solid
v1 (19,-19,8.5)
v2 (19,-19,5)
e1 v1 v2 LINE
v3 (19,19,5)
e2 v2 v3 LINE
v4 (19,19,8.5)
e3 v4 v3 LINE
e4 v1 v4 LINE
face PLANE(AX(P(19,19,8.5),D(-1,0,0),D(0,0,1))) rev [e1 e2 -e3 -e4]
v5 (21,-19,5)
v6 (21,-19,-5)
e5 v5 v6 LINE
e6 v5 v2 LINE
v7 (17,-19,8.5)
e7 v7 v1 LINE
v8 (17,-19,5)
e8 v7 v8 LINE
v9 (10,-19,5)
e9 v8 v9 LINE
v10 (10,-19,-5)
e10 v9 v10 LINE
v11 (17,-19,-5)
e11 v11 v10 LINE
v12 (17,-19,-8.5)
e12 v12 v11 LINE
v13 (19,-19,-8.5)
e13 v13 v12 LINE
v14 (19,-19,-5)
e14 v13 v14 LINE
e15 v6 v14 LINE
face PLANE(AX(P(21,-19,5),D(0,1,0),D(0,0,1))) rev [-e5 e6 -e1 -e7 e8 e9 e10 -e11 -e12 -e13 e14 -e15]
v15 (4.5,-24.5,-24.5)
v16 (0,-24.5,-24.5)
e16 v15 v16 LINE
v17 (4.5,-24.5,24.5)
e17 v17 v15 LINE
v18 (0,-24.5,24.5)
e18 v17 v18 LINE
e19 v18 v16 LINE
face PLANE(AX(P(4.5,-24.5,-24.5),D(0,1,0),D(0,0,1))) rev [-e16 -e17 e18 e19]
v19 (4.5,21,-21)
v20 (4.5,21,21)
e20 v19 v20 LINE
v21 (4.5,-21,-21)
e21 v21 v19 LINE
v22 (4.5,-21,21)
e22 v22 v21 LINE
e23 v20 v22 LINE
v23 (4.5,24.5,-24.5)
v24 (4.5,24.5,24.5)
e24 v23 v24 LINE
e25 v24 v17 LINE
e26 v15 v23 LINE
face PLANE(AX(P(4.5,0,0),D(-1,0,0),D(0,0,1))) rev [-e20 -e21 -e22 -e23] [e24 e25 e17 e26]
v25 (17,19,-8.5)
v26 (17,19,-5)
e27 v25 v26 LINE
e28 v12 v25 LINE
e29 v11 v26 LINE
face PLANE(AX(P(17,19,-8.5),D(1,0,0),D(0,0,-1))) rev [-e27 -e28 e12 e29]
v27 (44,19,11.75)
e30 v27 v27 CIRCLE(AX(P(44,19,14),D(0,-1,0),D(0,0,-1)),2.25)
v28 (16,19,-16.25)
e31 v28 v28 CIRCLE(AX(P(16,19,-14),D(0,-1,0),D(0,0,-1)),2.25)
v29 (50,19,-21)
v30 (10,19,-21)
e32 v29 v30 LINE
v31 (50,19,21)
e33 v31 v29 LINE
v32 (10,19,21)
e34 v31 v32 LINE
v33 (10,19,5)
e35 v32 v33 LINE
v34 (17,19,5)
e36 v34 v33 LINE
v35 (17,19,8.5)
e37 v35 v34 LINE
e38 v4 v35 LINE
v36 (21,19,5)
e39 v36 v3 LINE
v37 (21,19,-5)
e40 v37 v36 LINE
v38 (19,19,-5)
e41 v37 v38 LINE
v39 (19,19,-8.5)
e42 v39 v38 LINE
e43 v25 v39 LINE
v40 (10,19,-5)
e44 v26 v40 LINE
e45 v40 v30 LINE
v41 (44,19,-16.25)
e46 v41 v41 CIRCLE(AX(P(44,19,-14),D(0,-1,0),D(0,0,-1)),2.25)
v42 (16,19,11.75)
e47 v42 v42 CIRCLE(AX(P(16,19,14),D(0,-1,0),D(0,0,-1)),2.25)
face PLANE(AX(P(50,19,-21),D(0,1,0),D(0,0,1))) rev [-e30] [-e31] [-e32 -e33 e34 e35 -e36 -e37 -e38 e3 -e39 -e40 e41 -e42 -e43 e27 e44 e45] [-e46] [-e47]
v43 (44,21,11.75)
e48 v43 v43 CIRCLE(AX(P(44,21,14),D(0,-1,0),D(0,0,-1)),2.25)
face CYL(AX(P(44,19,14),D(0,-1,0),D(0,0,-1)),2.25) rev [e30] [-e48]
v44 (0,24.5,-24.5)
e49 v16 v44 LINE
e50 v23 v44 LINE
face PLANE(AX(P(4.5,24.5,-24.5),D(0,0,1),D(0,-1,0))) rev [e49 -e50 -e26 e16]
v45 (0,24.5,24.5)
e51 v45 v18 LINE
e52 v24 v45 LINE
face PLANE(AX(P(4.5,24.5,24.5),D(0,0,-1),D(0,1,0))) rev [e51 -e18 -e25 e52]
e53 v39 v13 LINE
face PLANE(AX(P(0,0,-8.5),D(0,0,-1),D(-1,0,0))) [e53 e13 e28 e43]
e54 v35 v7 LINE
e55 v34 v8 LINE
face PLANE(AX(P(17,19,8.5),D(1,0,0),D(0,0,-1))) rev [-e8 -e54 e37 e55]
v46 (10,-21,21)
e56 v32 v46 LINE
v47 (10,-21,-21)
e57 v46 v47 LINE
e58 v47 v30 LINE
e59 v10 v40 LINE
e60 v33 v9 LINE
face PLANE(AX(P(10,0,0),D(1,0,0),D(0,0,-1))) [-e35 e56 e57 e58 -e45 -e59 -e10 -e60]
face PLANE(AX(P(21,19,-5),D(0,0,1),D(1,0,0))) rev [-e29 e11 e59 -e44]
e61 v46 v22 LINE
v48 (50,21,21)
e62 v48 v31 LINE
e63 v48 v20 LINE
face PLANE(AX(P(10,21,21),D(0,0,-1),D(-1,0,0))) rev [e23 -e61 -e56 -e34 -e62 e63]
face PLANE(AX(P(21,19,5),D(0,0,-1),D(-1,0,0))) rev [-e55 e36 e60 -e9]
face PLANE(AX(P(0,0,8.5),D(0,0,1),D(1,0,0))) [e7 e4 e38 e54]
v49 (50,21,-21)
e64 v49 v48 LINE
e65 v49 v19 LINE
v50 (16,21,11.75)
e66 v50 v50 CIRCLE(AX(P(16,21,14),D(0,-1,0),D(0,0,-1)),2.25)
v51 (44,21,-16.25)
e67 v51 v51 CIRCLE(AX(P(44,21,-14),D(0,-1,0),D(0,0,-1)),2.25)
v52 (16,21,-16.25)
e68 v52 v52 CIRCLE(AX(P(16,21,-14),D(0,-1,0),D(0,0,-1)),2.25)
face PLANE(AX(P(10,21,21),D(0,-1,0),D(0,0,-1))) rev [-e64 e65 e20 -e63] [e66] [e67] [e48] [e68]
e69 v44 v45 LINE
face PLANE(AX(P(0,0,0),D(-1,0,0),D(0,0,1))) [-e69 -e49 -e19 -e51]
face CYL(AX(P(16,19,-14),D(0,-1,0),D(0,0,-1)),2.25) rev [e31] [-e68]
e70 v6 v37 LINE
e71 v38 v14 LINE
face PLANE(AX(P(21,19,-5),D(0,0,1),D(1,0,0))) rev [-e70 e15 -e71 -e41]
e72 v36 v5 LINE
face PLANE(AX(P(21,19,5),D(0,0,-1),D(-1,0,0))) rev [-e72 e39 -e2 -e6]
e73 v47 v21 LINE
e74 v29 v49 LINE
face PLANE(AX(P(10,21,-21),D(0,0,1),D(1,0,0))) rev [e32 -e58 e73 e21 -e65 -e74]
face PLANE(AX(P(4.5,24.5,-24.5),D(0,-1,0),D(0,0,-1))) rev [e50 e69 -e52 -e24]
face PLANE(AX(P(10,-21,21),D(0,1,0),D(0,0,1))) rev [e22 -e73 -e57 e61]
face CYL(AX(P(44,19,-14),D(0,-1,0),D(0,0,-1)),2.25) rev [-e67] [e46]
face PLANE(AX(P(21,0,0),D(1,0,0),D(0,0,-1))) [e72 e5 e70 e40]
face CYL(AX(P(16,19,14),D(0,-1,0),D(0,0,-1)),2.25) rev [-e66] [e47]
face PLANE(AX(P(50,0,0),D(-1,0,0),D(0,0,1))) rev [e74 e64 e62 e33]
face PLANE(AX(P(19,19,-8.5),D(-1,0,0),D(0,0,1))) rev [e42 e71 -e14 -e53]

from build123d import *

# Parameters (mm, degrees)
SKETCH1_W                  = 49
SKETCH1_H                  = 49
BOSS_EXTRUDE1_DEPTH        = 4.5
SKETCH3_W                  = 42
SKETCH3_H                  = 42
BOSS_EXTRUDE3_DEPTH        = 5.5
SKETCH4_W                  = 42
SKETCH4_H                  = 2
BOSS_EXTRUDE4_DEPTH        = 40
SKETCH5_W                  = 10
SKETCH5_H                  = 38
BOSS_EXTRUDE5_DEPTH        = 11
SKETCH6_W                  = 2
SKETCH6_H                  = 38
BOSS_EXTRUDE6_DEPTH        = 3.5
SKETCH7_W                  = 2
SKETCH7_H                  = 38
BOSS_EXTRUDE7_DEPTH        = 3.5
F_4_5_4_5_DIAMETER_SLOT1_D = 4.5


with BuildPart() as part:
    # Sketch1 → Boss-Extrude1 (new body)
    with BuildSketch(Plane(origin=(0, 0, 0), x_dir=(0, 0, -1), z_dir=(1, 0, 0))):
        Rectangle(SKETCH1_W, SKETCH1_H)
    extrude(amount=BOSS_EXTRUDE1_DEPTH)

    # Sketch3 → Boss-Extrude3 (add)
    with BuildSketch(Plane(origin=(4.5, 0, 0), x_dir=(0, 0, -1), z_dir=(1, 0, 0))):
        Rectangle(SKETCH3_W, SKETCH3_H)
    extrude(amount=BOSS_EXTRUDE3_DEPTH)

    # Sketch4 → Boss-Extrude4 (add)
    with BuildSketch(Plane(origin=(10, 0, 0), x_dir=(0, 0, -1), z_dir=(1, 0, 0))):
        with Locations((0, 20)):
            Rectangle(SKETCH4_W, SKETCH4_H)
    extrude(amount=BOSS_EXTRUDE4_DEPTH)

    # Sketch5 → Boss-Extrude5 (add)
    with BuildSketch(Plane(origin=(10, 0, 0), x_dir=(0, 0, -1), z_dir=(1, 0, 0))):
        Rectangle(SKETCH5_W, SKETCH5_H)
    extrude(amount=BOSS_EXTRUDE5_DEPTH)

    # Sketch6 → Boss-Extrude6 (add)
    with BuildSketch(Plane.XY.offset(5)):
        with Locations((18, 0)):
            Rectangle(SKETCH6_W, SKETCH6_H)
    extrude(amount=BOSS_EXTRUDE6_DEPTH)

    # Sketch7 → Boss-Extrude7 (add)
    with BuildSketch(Plane(origin=(0, 0, -5), x_dir=(-1, 0, 0), z_dir=(0, 0, -1))):
        with Locations((-18, 0)):
            Rectangle(SKETCH7_W, SKETCH7_H)
    extrude(amount=BOSS_EXTRUDE7_DEPTH)

    # Ø4.5 (4.5) Diameter Slot1 (through all)
    with Locations(Plane(origin=(0, 19, 0), x_dir=(-1, 0, 0), z_dir=(0, -1, 0))):
        with Locations((-44, 14), (-44, -14), (-16, -14), (-16, 14)):
            Hole(F_4_5_4_5_DIAMETER_SLOT1_D / 2)


solid = part.part
